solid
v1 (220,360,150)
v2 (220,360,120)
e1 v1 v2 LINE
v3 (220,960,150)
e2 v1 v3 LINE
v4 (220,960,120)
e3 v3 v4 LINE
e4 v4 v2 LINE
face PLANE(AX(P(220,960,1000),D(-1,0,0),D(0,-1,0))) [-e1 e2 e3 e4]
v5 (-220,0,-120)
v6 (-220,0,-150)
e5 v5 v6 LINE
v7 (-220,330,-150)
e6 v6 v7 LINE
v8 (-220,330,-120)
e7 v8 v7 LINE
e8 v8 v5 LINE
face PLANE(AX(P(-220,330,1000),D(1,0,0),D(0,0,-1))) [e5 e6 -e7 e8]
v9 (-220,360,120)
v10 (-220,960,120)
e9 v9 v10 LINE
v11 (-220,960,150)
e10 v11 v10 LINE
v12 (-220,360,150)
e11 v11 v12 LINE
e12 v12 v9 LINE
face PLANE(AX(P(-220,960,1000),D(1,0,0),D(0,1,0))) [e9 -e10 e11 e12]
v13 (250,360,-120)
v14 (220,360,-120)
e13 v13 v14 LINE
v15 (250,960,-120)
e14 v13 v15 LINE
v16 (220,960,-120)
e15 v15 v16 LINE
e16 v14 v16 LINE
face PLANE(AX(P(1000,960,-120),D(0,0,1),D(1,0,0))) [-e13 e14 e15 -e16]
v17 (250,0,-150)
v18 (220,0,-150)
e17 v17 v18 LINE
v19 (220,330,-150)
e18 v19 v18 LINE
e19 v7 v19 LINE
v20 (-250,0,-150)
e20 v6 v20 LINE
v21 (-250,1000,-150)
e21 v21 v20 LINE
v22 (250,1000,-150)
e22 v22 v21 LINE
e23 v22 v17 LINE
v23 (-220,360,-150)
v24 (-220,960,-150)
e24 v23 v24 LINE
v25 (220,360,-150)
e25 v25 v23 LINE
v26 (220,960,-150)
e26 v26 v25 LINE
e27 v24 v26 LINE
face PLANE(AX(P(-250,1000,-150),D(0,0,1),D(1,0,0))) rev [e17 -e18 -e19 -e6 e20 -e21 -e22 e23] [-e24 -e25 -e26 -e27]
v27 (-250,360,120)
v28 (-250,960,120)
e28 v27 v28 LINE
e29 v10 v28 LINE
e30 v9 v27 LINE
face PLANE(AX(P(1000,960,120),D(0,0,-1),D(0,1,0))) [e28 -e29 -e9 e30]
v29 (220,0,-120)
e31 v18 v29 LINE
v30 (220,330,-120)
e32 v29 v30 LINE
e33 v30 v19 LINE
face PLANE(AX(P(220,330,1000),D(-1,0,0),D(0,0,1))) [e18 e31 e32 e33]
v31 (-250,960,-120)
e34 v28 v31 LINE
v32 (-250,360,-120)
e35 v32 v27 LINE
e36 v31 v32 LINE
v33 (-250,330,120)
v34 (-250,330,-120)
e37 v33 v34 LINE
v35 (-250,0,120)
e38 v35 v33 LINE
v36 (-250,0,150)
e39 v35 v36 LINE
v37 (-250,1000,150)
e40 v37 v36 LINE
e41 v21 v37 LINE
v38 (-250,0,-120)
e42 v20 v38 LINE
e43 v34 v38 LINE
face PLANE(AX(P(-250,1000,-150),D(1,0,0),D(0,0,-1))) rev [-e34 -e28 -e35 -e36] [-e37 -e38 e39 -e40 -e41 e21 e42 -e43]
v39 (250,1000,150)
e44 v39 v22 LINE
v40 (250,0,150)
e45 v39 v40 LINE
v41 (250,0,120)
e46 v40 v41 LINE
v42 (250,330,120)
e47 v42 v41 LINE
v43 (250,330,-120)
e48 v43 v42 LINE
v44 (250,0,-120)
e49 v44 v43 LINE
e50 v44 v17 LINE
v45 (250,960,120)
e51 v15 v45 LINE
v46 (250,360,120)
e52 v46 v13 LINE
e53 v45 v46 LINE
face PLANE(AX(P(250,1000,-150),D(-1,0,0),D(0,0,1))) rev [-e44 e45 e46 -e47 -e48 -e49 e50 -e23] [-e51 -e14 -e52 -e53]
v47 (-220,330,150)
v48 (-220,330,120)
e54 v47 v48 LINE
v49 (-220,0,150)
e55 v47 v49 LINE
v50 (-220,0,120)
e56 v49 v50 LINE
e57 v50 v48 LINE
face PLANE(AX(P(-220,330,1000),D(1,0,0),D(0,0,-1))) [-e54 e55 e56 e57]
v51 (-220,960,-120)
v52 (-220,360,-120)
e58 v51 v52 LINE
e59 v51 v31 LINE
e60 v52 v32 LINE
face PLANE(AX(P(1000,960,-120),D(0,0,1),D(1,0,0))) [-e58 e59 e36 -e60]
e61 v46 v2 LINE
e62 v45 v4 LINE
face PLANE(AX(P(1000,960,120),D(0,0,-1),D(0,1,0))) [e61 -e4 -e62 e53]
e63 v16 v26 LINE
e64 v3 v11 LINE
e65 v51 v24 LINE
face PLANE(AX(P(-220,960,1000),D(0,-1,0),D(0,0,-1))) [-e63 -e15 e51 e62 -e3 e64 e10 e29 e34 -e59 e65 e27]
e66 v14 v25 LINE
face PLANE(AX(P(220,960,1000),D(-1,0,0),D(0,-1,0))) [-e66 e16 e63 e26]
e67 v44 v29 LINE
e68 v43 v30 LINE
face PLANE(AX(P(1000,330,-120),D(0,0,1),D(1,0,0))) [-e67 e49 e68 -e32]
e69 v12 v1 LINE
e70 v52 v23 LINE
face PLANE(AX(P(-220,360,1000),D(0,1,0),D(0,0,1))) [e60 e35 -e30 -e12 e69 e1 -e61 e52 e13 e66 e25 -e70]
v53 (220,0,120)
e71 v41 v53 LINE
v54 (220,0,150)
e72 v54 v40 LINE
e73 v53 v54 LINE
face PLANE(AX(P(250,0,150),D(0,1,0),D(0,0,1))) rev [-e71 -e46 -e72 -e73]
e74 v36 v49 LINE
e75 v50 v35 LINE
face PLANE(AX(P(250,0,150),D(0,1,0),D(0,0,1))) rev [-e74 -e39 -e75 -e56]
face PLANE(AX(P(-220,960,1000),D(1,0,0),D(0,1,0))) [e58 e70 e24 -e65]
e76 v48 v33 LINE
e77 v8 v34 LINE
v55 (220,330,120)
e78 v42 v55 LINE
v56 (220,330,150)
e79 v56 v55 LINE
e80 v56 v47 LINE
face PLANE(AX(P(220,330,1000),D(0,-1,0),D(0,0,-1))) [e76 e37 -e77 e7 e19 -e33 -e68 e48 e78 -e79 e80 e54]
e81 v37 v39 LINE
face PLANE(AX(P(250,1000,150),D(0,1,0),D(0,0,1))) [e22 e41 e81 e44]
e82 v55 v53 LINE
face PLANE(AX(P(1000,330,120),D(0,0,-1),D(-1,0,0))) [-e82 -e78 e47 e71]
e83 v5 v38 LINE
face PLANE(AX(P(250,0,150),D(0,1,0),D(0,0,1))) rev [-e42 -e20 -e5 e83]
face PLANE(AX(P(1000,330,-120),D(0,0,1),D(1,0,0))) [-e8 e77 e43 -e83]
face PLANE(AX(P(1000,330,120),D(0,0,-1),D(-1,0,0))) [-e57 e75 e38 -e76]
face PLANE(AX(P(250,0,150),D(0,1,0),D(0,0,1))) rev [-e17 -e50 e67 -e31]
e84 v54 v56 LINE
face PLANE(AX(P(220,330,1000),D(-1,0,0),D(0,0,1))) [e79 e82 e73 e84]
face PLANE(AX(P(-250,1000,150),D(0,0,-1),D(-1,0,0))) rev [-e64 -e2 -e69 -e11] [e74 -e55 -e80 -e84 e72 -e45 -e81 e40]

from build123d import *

# Parameters (mm, degrees)
SKETCH1_W               = 500
SKETCH1_H               = 300
BOSS_EXTRUDE1_DEPTH     = 1000
SKETCH2_W               = 440
SKETCH2_H               = 600
CUT_EXTRUDE1_DEPTH      = 1000
CUT_EXTRUDE1_DEPTH_BACK = 1000
SKETCH3_W               = 440
SKETCH3_H               = 330
CUT_EXTRUDE2_DEPTH      = 1000
CUT_EXTRUDE2_DEPTH_BACK = 1000
SKETCH4_W               = 240
SKETCH4_H               = 600
CUT_EXTRUDE3_DEPTH      = 1000
CUT_EXTRUDE3_DEPTH_BACK = 1000
SKETCH5_W               = 240
SKETCH5_H               = 330
CUT_EXTRUDE4_DEPTH      = 1000
CUT_EXTRUDE4_DEPTH_BACK = 1000


with BuildPart() as part:
    # Sketch1 → Boss-Extrude1 (new body)
    with BuildSketch(Plane(origin=(0, 0, 0), x_dir=(1, 0, 0), z_dir=(0, 1, 0))):
        Rectangle(SKETCH1_W, SKETCH1_H)
    extrude(amount=BOSS_EXTRUDE1_DEPTH)

    # Sketch2 → Cut-Extrude1 (cut, two sides)
    with BuildSketch(Plane.XY) as cut_extrude1_sk:
        with Locations((0, 660)):
            Rectangle(SKETCH2_W, SKETCH2_H)
    extrude(amount=CUT_EXTRUDE1_DEPTH, mode=Mode.SUBTRACT)
    extrude(cut_extrude1_sk.sketch, amount=-CUT_EXTRUDE1_DEPTH_BACK, mode=Mode.SUBTRACT)

    # Sketch3 → Cut-Extrude2 (cut, two sides)
    with BuildSketch(Plane.XY) as cut_extrude2_sk:
        with Locations((0, 165)):
            Rectangle(SKETCH3_W, SKETCH3_H)
    extrude(amount=CUT_EXTRUDE2_DEPTH, mode=Mode.SUBTRACT)
    extrude(cut_extrude2_sk.sketch, amount=-CUT_EXTRUDE2_DEPTH_BACK, mode=Mode.SUBTRACT)

    # Sketch4 → Cut-Extrude3 (cut, two sides)
    with BuildSketch(Plane(origin=(0, 0, 0), x_dir=(0, 0, -1), z_dir=(1, 0, 0))) as cut_extrude3_sk:
        with Locations((0, 660)):
            Rectangle(SKETCH4_W, SKETCH4_H)
    extrude(amount=CUT_EXTRUDE3_DEPTH, mode=Mode.SUBTRACT)
    extrude(cut_extrude3_sk.sketch, amount=-CUT_EXTRUDE3_DEPTH_BACK, mode=Mode.SUBTRACT)

    # Sketch5 → Cut-Extrude4 (cut, two sides)
    with BuildSketch(Plane(origin=(0, 0, 0), x_dir=(0, 0, -1), z_dir=(1, 0, 0))) as cut_extrude4_sk:
        with Locations((0, 165)):
            Rectangle(SKETCH5_W, SKETCH5_H)
    extrude(amount=CUT_EXTRUDE4_DEPTH, mode=Mode.SUBTRACT)
    extrude(cut_extrude4_sk.sketch, amount=-CUT_EXTRUDE4_DEPTH_BACK, mode=Mode.SUBTRACT)


solid = part.part
